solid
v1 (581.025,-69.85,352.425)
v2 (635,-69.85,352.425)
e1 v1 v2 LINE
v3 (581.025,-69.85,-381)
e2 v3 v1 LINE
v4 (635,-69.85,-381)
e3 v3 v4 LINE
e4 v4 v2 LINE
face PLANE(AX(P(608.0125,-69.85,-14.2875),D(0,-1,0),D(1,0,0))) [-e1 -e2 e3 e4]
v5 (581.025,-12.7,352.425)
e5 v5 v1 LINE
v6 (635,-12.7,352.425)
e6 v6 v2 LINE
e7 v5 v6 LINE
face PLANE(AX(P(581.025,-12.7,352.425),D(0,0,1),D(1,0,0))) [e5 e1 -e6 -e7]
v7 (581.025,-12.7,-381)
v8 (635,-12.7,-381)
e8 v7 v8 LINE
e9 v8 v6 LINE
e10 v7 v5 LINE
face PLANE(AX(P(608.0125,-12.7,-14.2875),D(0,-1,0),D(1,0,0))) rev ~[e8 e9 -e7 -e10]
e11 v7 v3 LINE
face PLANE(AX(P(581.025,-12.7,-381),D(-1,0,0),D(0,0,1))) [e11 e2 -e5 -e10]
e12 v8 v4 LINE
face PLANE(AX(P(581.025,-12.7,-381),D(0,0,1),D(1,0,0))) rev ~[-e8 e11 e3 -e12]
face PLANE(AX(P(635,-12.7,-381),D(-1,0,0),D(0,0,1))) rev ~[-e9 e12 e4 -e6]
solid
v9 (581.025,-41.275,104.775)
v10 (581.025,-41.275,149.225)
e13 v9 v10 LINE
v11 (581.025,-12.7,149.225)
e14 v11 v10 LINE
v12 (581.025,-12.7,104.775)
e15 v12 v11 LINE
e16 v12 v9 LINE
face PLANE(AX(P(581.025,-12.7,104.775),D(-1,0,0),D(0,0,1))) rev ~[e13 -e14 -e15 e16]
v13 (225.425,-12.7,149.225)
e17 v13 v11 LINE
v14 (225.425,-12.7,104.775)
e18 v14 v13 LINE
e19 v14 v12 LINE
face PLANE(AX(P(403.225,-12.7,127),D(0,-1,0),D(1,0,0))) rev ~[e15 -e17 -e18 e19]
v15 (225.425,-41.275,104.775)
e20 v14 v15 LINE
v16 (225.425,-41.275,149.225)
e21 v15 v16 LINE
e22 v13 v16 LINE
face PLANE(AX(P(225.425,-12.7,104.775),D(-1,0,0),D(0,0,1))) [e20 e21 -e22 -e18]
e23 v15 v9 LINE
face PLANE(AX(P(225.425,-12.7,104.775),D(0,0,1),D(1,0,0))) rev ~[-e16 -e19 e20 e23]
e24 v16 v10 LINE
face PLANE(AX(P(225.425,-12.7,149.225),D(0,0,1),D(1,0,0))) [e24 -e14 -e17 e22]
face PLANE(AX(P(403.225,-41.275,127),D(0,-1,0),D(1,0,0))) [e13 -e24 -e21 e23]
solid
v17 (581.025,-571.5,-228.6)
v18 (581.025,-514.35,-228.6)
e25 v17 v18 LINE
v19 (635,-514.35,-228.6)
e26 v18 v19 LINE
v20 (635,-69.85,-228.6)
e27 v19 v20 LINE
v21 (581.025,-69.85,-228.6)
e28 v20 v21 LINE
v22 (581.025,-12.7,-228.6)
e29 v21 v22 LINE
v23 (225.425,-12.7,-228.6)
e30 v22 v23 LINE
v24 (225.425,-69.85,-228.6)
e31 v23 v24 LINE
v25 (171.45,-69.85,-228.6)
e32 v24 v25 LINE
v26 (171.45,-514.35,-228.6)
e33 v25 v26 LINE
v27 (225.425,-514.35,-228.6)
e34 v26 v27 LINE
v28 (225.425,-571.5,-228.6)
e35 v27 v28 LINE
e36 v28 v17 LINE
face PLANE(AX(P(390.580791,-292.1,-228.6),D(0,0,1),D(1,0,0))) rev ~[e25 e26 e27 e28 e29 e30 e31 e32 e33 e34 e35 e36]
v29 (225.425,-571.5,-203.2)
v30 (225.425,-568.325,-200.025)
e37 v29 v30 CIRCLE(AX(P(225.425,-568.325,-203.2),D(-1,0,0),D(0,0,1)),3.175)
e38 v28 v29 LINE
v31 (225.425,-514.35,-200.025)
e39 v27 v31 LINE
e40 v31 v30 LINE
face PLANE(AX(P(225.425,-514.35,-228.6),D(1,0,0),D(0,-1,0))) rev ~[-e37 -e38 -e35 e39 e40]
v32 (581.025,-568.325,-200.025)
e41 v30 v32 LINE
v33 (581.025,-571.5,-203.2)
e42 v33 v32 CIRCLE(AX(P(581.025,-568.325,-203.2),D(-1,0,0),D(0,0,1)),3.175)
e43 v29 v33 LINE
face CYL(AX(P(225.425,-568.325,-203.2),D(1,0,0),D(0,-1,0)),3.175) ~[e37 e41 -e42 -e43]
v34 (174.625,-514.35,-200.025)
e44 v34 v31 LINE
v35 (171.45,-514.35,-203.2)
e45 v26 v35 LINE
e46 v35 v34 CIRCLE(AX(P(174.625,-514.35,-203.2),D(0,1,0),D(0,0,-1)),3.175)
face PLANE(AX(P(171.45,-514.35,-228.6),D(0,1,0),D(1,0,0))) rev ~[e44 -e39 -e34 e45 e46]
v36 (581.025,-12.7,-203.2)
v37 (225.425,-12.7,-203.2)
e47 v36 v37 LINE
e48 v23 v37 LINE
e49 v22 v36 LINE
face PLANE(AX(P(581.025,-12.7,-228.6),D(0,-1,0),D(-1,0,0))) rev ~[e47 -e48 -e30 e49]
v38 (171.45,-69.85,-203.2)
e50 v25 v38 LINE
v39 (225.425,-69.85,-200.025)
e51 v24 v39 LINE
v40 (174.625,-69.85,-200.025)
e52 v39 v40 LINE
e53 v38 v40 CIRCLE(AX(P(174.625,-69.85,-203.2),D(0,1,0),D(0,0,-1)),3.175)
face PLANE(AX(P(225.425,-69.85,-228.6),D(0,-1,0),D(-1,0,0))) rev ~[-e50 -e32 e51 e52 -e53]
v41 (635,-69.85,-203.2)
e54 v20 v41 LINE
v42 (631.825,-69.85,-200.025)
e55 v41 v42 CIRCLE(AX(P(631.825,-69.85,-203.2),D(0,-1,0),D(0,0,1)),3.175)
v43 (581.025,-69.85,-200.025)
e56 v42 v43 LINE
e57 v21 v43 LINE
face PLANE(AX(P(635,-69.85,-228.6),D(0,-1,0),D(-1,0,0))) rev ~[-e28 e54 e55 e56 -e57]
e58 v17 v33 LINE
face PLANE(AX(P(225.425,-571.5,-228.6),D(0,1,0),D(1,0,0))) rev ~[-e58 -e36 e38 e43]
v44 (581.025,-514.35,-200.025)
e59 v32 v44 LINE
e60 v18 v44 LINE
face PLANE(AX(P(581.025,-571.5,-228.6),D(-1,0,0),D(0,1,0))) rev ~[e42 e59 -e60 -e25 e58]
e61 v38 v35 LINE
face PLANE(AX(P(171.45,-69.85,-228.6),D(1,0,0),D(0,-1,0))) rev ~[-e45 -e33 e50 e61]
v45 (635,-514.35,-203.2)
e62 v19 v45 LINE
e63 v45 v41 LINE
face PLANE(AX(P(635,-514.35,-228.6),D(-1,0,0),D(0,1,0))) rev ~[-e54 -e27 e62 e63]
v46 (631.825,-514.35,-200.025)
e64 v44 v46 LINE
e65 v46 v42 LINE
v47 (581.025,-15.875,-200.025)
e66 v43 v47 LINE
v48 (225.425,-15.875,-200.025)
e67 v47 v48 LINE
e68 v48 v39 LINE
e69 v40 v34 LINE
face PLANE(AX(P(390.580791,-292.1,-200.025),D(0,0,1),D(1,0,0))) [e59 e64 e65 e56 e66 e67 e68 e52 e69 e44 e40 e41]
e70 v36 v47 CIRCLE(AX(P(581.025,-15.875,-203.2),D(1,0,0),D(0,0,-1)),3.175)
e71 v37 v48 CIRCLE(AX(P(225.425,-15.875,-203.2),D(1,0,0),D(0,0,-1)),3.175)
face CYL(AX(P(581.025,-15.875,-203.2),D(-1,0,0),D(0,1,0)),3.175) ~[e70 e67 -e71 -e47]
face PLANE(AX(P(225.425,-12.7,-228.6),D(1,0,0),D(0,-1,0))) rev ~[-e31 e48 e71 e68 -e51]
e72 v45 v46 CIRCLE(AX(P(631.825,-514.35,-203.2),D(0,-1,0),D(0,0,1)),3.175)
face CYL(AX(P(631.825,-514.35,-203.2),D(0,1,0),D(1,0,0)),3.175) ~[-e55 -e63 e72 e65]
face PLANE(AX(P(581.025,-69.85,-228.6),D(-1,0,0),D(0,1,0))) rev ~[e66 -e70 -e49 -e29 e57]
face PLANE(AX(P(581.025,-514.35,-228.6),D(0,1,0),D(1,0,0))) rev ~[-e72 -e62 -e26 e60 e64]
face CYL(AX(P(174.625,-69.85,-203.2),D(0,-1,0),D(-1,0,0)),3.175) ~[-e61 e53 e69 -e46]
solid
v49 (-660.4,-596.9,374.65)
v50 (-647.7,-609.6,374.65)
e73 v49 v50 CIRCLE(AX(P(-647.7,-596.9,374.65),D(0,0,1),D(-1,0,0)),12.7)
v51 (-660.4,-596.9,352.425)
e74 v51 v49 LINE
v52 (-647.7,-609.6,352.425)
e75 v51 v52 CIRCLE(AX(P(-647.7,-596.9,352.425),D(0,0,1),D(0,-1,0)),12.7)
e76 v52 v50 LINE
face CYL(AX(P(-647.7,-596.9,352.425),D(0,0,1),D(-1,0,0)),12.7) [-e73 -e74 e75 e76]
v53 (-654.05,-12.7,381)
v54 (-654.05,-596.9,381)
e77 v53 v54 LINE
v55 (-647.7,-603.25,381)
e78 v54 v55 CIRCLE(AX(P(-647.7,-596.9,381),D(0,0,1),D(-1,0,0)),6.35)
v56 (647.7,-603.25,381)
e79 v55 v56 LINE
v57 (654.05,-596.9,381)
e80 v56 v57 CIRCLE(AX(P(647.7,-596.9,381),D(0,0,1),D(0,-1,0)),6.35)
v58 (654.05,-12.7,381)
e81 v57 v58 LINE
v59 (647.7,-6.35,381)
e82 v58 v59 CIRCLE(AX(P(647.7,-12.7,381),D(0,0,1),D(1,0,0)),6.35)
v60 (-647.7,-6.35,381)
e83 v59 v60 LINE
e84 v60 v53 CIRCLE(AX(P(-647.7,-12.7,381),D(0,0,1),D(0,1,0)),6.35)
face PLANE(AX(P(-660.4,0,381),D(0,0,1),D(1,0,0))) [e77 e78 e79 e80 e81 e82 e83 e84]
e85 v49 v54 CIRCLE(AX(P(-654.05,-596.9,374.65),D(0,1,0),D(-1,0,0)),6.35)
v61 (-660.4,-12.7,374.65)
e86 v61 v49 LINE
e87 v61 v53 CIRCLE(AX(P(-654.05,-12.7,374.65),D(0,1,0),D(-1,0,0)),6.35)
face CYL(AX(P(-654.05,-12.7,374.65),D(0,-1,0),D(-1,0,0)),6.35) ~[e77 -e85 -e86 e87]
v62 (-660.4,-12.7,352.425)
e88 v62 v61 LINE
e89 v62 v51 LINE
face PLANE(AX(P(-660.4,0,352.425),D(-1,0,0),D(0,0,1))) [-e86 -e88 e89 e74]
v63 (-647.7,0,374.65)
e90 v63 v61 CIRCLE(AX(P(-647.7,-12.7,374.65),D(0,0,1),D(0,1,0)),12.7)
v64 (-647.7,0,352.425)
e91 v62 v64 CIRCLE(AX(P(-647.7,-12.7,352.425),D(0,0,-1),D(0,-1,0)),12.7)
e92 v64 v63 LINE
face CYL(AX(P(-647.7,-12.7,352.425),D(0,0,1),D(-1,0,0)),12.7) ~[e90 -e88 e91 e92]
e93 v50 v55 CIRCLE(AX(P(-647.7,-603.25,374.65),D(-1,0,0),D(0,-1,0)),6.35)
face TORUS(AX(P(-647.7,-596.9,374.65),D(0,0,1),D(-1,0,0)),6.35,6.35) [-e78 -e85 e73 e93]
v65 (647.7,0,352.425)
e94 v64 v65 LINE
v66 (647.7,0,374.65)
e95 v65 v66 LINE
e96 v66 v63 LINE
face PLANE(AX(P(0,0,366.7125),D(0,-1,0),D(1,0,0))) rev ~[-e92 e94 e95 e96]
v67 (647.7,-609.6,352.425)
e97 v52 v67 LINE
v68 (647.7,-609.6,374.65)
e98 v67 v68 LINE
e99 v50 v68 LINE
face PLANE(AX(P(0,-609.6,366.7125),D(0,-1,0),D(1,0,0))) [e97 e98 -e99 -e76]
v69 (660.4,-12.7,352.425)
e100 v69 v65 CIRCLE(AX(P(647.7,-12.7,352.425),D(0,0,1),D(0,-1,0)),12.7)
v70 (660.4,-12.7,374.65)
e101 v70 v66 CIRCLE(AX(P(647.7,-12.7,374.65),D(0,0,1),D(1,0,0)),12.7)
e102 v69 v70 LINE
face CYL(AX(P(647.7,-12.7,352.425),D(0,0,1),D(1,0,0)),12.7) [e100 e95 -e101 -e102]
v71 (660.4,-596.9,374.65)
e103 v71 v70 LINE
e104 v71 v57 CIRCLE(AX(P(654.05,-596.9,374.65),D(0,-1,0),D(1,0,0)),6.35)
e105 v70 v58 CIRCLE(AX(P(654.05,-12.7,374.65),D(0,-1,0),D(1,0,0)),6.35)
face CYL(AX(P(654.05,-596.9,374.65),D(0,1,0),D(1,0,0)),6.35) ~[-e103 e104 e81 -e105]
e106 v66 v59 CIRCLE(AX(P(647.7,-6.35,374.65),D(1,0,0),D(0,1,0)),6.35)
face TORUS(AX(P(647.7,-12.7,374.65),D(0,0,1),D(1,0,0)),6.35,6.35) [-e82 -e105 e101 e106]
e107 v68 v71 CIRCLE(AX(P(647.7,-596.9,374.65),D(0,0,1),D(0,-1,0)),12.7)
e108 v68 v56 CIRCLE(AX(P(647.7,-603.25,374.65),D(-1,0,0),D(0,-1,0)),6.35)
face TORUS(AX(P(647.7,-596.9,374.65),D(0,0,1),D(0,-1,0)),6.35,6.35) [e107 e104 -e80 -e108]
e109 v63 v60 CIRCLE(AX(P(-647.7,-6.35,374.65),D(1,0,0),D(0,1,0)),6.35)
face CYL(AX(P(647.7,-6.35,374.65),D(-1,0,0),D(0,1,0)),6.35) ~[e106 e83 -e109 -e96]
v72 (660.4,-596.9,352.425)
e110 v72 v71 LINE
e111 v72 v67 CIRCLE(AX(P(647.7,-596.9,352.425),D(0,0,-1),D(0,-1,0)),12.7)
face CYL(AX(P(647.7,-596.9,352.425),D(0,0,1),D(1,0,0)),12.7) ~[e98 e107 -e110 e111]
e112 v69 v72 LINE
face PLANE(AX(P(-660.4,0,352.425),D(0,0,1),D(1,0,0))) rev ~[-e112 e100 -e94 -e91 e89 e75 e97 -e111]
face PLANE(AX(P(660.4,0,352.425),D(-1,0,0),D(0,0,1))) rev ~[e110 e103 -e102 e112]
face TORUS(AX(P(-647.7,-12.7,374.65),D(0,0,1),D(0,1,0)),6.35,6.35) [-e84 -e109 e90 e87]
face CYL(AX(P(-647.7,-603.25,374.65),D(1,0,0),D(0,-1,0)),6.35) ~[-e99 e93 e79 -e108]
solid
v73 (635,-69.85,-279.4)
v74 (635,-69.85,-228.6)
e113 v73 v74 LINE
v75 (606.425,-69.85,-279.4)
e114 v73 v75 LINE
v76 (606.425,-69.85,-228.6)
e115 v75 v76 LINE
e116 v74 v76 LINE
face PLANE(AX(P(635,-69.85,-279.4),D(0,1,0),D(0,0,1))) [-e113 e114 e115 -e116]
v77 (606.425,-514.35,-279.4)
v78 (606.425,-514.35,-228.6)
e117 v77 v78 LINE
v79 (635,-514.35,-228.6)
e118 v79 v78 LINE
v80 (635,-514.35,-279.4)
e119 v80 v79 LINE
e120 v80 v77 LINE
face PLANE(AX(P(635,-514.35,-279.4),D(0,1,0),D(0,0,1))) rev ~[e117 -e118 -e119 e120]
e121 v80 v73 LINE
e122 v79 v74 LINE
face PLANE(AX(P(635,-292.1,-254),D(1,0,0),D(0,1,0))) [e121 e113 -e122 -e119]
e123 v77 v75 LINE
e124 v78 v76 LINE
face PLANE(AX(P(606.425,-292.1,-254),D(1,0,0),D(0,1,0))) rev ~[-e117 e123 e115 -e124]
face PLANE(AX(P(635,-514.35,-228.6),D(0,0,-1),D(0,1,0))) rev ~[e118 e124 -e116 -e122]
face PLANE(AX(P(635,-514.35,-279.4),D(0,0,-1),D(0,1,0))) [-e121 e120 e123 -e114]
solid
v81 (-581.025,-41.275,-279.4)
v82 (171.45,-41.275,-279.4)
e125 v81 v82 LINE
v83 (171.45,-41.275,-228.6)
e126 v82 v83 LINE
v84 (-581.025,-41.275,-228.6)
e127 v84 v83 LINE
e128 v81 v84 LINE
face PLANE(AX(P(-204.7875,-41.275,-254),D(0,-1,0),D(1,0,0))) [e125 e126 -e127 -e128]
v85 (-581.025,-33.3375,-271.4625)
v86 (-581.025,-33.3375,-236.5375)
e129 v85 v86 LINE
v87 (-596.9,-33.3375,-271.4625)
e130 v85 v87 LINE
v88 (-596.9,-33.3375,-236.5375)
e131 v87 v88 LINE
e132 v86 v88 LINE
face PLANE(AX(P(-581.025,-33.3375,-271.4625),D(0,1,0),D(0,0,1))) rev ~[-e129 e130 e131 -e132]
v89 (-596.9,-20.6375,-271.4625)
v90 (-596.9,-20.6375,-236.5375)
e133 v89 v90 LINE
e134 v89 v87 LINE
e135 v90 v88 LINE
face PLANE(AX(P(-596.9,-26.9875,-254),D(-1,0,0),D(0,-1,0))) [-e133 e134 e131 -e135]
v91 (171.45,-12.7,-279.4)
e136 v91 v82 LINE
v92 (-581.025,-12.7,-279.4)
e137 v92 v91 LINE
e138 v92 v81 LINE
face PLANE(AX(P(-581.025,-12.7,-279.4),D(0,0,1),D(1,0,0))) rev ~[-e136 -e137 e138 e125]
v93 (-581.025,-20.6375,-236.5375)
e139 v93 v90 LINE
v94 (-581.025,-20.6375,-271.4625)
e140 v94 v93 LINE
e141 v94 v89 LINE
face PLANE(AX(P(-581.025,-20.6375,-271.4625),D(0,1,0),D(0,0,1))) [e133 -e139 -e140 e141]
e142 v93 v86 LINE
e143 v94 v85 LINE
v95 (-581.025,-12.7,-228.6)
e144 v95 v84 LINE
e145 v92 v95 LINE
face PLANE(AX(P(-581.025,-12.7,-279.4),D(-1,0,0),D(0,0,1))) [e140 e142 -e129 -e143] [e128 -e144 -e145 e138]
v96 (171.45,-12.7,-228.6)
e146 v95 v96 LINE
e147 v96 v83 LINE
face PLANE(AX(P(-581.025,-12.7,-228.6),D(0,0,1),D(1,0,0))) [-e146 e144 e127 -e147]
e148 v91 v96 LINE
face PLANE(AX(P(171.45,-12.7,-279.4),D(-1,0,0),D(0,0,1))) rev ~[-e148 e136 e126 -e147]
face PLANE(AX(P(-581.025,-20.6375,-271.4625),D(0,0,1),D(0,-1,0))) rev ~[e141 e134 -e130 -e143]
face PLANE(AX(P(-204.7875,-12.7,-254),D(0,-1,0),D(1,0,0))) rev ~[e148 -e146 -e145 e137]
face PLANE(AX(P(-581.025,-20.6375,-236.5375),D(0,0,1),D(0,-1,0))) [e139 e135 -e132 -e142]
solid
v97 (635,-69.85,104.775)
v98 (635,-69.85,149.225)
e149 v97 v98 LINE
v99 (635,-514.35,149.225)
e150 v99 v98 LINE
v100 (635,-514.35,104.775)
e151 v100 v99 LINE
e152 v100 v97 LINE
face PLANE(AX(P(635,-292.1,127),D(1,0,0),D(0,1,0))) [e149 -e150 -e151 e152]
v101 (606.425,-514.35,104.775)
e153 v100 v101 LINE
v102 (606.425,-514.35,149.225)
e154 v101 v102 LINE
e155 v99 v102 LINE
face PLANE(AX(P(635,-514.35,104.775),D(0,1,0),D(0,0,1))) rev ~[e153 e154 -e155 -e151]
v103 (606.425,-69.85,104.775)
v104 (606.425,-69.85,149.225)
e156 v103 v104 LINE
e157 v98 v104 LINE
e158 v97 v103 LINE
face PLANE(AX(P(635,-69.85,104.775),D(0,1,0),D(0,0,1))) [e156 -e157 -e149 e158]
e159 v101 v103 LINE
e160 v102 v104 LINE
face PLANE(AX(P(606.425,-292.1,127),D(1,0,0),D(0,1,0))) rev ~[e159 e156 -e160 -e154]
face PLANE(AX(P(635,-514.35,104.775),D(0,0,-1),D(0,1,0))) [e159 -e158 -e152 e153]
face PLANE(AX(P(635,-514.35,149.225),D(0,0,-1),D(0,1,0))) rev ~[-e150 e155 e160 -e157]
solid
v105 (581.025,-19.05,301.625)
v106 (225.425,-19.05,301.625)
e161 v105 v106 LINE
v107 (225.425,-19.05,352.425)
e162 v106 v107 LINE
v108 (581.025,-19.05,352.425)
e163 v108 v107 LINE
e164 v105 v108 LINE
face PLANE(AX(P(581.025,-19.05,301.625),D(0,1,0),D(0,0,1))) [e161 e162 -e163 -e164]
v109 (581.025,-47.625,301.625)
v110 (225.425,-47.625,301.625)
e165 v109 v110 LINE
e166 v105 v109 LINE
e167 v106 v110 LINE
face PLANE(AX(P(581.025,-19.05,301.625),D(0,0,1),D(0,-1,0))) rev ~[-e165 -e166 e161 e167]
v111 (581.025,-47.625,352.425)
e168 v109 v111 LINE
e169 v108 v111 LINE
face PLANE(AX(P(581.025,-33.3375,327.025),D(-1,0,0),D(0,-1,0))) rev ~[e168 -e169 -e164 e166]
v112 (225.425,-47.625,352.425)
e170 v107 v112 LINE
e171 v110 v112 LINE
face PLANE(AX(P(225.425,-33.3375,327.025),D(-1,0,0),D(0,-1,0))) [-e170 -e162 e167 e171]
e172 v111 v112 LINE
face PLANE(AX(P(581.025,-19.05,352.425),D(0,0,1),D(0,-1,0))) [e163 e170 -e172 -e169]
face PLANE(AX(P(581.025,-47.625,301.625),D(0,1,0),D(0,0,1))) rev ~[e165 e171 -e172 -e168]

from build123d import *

# Parameters (mm, degrees)
F13_W     = 53.975
F13_H     = 733.425
F15_DEPTH = 57.15
F16_W     = 28.575
F16_H     = 50.8
F17_DEPTH = 355.6
F20_W     = 752.475
F20_H     = 50.8
F21_DEPTH = 28.575
F19_W     = 444.5
F19_H     = 50.8
F23_DEPTH = 28.575
F22_W     = 1320.8
F22_H     = 28.575
F24_DEPTH = 609.6
F25_R     = 12.7
F26_R     = 6.35
F27_W     = 28.575
F27_H     = 444.5
F28_DEPTH = 28.575
F29_R     = 3.175
F30_W     = 444.5
F30_H     = 44.45
F31_DEPTH = 28.575
F32_W     = 355.6
F32_H     = 44.45
F33_DEPTH = 28.575
F34_W     = 12.7
F34_H     = 34.925
F35_DEPTH = 15.875


with BuildPart() as f15:
    # F13 (on plane+point) → F15 (new body, through all)
    with BuildSketch(Plane.XZ.offset(12.7)):
        with Locations((608.0125, -14.2875)):
            Rectangle(F13_W, F13_H)
    extrude(amount=F15_DEPTH)


with BuildPart() as f17:
    # F16 (on face) → F17 (new body, through all)
    with BuildSketch(Plane(origin=(581.025, 0, 0), x_dir=(0, -1, 0), z_dir=(-1, 0, 0))):
        with Locations((33.3375, 327.025)):
            Rectangle(F16_W, F16_H)
    extrude(amount=F17_DEPTH)


with BuildPart() as f21:
    # F20 (on plane+point) → F21 (new body)
    with BuildSketch(Plane.XZ.offset(12.7)):
        with Locations((-204.7875, -254)):
            Rectangle(F20_W, F20_H)
    extrude(amount=F21_DEPTH)

    # F34 (on face) → F35 (join)
    with BuildSketch(Plane(origin=(-581.025, 0, 0), x_dir=(0, -1, 0), z_dir=(-1, 0, 0))):
        with Locations((26.9875, -254)):
            Rectangle(F34_W, F34_H)
    extrude(amount=F35_DEPTH)


with BuildPart() as f23:
    # F19 (on plane+point) → F23 (new body)
    with BuildSketch(Plane.YZ.offset(635)):
        with Locations((-292.1, -254)):
            Rectangle(F19_W, F19_H)
    extrude(amount=-F23_DEPTH)


with BuildPart() as f24:
    # F22 (on Front) → F24 (new body)
    with BuildSketch(Plane.XZ):
        with Locations((0, 366.7125)):
            Rectangle(F22_W, F22_H)
    extrude(amount=F24_DEPTH)

    # F25
    f25_edges = [f24.edges().sort_by_distance(p)[0] for p in [
        (660.4, -609.6, 366.7125),
        (660.4, 0, 366.7125),
        (-660.4, 0, 366.7125),
        (-660.4, -609.6, 366.7125),
    ]]
    fillet(f25_edges, radius=F25_R)

    # F26
    f26_edges = [f24.edges().sort_by_distance(p)[0] for p in [
        (-660.4, -304.8, 381),
    ]]
    fillet(f26_edges, radius=F26_R)


with BuildPart() as f28:
    # F27 (on face) → F28 (new body)
    with BuildSketch(Plane.XY.offset(-228.6)):
        Polygon((606.425, -69.85), (581.025, -69.85), (581.025, -12.7), (403.225, -12.7), (225.425, -12.7), (225.425, -69.85), (171.45, -69.85), (171.45, -514.35), (225.425, -514.35), (225.425, -571.5), (403.225, -571.5), (581.025, -571.5), (581.025, -514.35), (606.425, -514.35), align=None)
        with Locations((620.7125, -292.1)):
            Rectangle(F27_W, F27_H)
    extrude(amount=F28_DEPTH)

    # F29
    f29_edges = [f28.edges().sort_by_distance(p)[0] for p in [
        (403.225, -571.5, -200.025),
        (635, -292.1, -200.025),
        (403.225, -12.7, -200.025),
        (171.45, -292.1, -200.025),
    ]]
    fillet(f29_edges, radius=F29_R)


with BuildPart() as f31:
    # F30 (on plane+point) → F31 (new body)
    with BuildSketch(Plane.YZ.offset(635)):
        with Locations((-292.1, 127)):
            Rectangle(F30_W, F30_H)
    extrude(amount=-F31_DEPTH)


with BuildPart() as f33:
    # F32 (on plane+point) → F33 (new body)
    with BuildSketch(Plane.XZ.offset(12.7)):
        with Locations((403.225, 127)):
            Rectangle(F32_W, F32_H)
    extrude(amount=F33_DEPTH)


solid = Compound([f15.part, f17.part, f21.part, f23.part, f24.part, f28.part, f31.part, f33.part])
